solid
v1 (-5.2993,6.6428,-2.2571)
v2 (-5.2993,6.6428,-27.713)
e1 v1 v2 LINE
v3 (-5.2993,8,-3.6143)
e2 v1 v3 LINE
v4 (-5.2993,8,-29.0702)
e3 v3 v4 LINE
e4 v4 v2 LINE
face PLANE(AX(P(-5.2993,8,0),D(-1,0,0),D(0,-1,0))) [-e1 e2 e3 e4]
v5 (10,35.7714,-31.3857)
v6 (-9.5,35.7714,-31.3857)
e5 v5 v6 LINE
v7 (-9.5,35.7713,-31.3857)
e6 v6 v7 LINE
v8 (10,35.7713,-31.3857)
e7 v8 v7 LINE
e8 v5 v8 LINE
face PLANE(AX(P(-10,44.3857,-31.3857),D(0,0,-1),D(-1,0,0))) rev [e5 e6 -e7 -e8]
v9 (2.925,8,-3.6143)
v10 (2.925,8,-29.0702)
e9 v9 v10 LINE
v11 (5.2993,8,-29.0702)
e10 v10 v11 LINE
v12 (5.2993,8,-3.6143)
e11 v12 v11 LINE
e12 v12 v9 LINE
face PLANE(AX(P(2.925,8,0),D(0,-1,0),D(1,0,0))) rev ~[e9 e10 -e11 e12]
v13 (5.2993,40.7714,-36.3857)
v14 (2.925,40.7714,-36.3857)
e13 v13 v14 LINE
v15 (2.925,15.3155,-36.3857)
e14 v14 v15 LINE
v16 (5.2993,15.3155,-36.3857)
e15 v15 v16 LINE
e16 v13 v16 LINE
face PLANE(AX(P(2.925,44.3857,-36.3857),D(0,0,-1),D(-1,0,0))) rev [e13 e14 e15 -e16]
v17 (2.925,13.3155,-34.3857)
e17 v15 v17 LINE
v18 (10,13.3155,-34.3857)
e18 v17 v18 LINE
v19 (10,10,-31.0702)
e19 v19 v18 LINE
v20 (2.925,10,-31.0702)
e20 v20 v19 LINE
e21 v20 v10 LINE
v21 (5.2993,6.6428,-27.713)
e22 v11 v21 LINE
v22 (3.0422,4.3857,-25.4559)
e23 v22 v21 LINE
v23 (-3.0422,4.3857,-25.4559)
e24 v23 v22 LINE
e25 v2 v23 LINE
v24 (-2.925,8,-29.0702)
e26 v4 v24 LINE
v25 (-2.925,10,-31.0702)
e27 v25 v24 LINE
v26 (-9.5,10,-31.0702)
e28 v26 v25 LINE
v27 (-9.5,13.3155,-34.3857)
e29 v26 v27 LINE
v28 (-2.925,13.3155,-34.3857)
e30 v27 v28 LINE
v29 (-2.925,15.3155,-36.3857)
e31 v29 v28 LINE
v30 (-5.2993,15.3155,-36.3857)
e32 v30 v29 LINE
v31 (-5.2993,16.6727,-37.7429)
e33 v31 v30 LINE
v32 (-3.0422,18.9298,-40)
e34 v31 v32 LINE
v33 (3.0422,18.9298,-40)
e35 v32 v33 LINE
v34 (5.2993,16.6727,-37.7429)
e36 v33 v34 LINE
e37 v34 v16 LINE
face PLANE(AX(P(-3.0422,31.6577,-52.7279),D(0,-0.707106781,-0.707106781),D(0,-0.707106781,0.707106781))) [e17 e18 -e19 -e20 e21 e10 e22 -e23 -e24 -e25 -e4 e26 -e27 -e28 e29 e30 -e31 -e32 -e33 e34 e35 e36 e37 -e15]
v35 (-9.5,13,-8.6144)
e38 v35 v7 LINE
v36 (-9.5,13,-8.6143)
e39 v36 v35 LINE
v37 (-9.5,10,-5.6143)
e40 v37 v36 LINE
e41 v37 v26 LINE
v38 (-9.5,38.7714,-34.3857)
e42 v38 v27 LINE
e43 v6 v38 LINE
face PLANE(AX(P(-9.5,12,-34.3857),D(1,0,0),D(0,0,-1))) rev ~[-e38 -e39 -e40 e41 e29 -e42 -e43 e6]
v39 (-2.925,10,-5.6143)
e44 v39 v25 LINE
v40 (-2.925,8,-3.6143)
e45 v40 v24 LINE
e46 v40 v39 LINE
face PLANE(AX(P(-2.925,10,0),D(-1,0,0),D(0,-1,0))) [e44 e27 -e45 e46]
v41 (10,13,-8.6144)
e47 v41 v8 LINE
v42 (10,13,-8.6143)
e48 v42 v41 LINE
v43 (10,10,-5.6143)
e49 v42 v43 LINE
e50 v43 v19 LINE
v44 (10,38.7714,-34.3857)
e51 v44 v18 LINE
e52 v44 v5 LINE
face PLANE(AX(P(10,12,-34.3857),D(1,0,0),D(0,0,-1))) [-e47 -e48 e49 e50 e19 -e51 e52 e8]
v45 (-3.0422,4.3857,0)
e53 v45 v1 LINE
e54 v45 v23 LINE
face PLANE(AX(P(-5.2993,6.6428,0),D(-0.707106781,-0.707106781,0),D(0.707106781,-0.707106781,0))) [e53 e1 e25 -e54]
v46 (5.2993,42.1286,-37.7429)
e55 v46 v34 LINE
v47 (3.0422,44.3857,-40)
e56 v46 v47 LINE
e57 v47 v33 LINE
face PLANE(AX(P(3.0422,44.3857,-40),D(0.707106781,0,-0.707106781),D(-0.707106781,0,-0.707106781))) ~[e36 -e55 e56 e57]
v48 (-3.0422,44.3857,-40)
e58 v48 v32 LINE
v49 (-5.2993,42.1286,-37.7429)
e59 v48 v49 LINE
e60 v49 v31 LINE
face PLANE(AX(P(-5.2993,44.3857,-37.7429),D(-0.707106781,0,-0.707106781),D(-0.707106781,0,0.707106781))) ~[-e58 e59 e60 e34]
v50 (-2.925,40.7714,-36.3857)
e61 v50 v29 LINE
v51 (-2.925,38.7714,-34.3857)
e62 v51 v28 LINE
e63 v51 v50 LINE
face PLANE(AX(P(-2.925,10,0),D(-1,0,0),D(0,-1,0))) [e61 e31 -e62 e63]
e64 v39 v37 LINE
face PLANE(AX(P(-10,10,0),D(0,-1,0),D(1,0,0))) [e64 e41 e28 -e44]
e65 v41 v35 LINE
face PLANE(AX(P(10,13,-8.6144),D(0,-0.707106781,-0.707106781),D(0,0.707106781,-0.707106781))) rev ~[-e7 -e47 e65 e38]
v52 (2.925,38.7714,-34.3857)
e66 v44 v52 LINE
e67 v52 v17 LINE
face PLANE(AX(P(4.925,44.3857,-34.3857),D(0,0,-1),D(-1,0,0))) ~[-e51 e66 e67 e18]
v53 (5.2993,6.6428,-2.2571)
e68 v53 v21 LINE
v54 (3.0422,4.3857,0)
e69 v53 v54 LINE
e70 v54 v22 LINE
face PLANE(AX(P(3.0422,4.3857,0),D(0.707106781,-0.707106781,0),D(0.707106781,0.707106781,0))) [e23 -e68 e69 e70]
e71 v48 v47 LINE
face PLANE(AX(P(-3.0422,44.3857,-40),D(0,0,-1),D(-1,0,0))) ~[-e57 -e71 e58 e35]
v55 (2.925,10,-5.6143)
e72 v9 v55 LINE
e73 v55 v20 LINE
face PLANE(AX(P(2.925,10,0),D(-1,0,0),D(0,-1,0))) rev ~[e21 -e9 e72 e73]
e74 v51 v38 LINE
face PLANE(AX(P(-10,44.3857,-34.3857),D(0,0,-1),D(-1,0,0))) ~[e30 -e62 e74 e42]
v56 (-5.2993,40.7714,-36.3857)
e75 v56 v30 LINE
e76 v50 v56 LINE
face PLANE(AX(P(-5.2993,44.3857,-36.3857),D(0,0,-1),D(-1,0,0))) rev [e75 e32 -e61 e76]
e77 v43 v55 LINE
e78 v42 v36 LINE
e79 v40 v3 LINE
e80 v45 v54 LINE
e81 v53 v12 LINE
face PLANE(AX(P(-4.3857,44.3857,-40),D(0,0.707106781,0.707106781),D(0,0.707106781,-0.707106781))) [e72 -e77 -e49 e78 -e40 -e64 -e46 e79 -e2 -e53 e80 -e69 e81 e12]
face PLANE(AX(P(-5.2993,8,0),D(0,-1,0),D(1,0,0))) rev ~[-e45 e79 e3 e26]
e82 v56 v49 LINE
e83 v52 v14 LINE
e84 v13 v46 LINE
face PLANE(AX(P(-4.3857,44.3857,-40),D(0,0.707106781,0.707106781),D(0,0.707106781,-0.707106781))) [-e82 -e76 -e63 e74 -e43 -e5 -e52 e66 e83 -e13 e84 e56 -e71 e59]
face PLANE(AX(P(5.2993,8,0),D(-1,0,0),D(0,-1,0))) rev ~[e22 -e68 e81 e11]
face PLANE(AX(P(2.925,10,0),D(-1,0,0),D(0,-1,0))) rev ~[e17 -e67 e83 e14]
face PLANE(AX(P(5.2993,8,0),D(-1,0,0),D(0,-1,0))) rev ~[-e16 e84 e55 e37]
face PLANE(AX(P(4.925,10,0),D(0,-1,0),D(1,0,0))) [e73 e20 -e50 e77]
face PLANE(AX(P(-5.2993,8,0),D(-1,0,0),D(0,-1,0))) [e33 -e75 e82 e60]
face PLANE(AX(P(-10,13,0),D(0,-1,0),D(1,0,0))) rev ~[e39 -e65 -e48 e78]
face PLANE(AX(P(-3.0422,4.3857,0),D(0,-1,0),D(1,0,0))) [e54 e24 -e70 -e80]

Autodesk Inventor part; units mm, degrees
sketch "Szkic2" plane through (0, 0, 0) normal (0, 0, 1) x (1, 0, 0)
  circle A0 centre (0, 0) radius 2.1
  line L0 (-10, 10) -> (10, 10)
  line L1 (10, 10) -> (10, -10)
  line L2 (10, -10) -> (-10, -10)
  line L3 (-10, -10) -> (-10, 10)
  line L4 (-10, -10) -> (10, 10) construction
  line L5 (10, -10) -> (-10, 10) construction
  line L6 (-10, 8.2) -> (10, 8.2)
  line L7 (-10, -8.2) -> (10, -8.2)
  line L8 (-8.2, 10) -> (-8.2, -10)
  line L9 (10, 10) -> (30, 10)
  line L10 (30, 10) -> (30, -10)
  line L11 (30, -10) -> (10, -10)
  line L12 (10, -10) -> (10, 10)
  line L13 (-4.1857, -4.1857) -> (4.1857, -4.1857)
  line L14 (4.1857, -4.1857) -> (4.1857, 4.1857)
  line L15 (4.1857, 4.1857) -> (-4.1857, 4.1857)
  line L16 (-4.1857, 4.1857) -> (-4.1857, -4.1857)
  line L17 (-8.2, 7.1393) -> (-4.1857, 3.125)
  line L18 (-7.1393, 8.2) -> (-3.125, 4.1857)
  line L19 (-4.925, 10) -> (-3.125, 8.2)
  line L20 (4.925, 10) -> (3.125, 8.2)
  line L21 (-3.125, -8.2) -> (-4.925, -10)
  line L22 (3.125, -8.2) -> (4.925, -10)
  line L23 (-8.2, -7.1393) -> (-4.1857, -3.125)
  line L24 (-7.1393, -8.2) -> (-3.125, -4.1857)
  line L25 (3.125, -4.1857) -> (7.1393, -8.2)
  line L26 (4.1857, -3.125) -> (7.3007, -6.24)
  line L27 (4.1857, 3.125) -> (7.3007, 6.24)
  line L28 (3.125, 4.1857) -> (7.1393, 8.2)
  line L29 (-5.4993, 8.2) -> (-5.4993, 6.56)
  line L30 (5.4993, 8.2) -> (5.4993, 6.56)
  line L31 (-8.2, 5.4993) -> (-6.56, 5.4993)
  line L32 (-8.2, -5.4993) -> (-6.56, -5.4993)
  line L33 (-5.4993, -6.56) -> (-5.4993, -8.2)
  line L34 (5.4993, -6.56) -> (5.4993, -8.2)
  line L35 (-8.2, 3.125) -> (-10, 4.925)
  line L36 (-8.2, -3.125) -> (-10, -4.925)
  line L37 (7.3007, 6.24) -> (7.3007, 8.2)
  line L38 (7.3007, -6.24) -> (7.3007, -8.2)
  line L39 (15.8143, -4.1857) -> (15.8143, 4.1857)
  line L40 (24.1857, -4.1857) -> (15.8143, -4.1857)
  line L41 (23.125, -8.2) -> (24.925, -10)
  line L42 (30, -8.2) -> (10, -8.2)
  line L43 (30, 8.2) -> (10, 8.2)
  line L44 (28.2, 10) -> (28.2, -10)
  line L45 (15.8143, -3.125) -> (12.6993, -6.24)
  line L46 (27.1393, -8.2) -> (23.125, -4.1857)
  line L47 (12.6993, -6.24) -> (12.6993, -8.2)
  line L48 (16.875, -8.2) -> (15.075, -10)
  circle A1 centre (20, 0) radius 2.1
  line L49 (24.925, 10) -> (23.125, 8.2)
  line L50 (27.1393, 8.2) -> (23.125, 4.1857)
  line L51 (28.2, 7.1393) -> (24.1857, 3.125)
  line L52 (28.2, 5.4993) -> (26.56, 5.4993)
  line L53 (28.2, 3.125) -> (30, 4.925)
  line L54 (15.8143, 4.1857) -> (24.1857, 4.1857)
  line L55 (15.075, 10) -> (16.875, 8.2)
  line L56 (14.5007, 8.2) -> (14.5007, 6.56)
  line L57 (16.875, 4.1857) -> (12.8607, 8.2)
  line L58 (12.6993, 6.24) -> (12.6993, 8.2)
  line L59 (15.8143, 3.125) -> (12.6993, 6.24)
  line L60 (24.1857, 4.1857) -> (24.1857, -4.1857)
  line L61 (28.2, -7.1393) -> (24.1857, -3.125)
  line L62 (28.2, -5.4993) -> (26.56, -5.4993)
  line L63 (25.4993, -6.56) -> (25.4993, -8.2)
  line L64 (28.2, -3.125) -> (30, -4.925)
  line L65 (14.5007, -6.56) -> (14.5007, -8.2)
  line L66 (16.875, -4.1857) -> (12.8607, -8.2)
  line L67 (-13, 13) -> (33, 13)
  line L68 (33, 13) -> (33, -13)
  line L69 (33, -13) -> (-13, -13)
  line L70 (-13, -13) -> (-13, 13)
  line L71 (-10, -8.2) -> (-13, -8.2)
  line L72 (30, -8.2) -> (33, -8.2)
  line L73 (-3.125, 8.2) -> (-3.125, 10)
  line L74 (3.125, 8.2) -> (3.125, 10)
  line L75 (-8.2, 3.125) -> (-10, 3.125)
  line L76 (-8.2, -3.125) -> (-10, -3.125)
  line L77 (-3.125, -8.2) -> (-3.125, -10)
  line L78 (3.125, -8.2) -> (3.125, -10)
  line L79 (16.875, -8.2) -> (16.875, -10)
  line L80 (23.125, -8.2) -> (23.125, -10)
  line L81 (28.2, -3.125) -> (30, -3.125)
  line L82 (28.2, 3.125) -> (30, 3.125)
  line L83 (23.125, 8.2) -> (23.125, 10)
  line L84 (16.875, 8.2) -> (16.875, 10)
  line L85 (-10, 10) -> (-10, 13)
  line L86 (10, 10) -> (10, 13)
  line L87 (-5.2993, 8.2) -> (-5.2993, 6.56)
  line L88 (-6.9979, 8.3414) -> (-2.9836, 4.3271)
  line L89 (-4.3857, 4.3857) -> (4.3857, 4.3857)
  line L90 (4.3857, 4.3857) -> (4.3857, -4.3857)
  line L91 (4.3857, -4.3857) -> (-4.3857, -4.3857)
  line L92 (-4.3857, -4.3857) -> (-4.3857, 4.3857)
  line L93 (2.9836, 4.3271) -> (6.9979, 8.3414)
  line L94 (5.2993, 8.2) -> (5.2993, 6.56)
  line L95 (-10, 8) -> (10, 8)
  line L96 (10, 8) -> (30, 8)
  line L97 (2.925, 10) -> (2.925, 7.7172)
  line L98 (2.925, 7.7172) -> (5.0664, 9.8586)
  line L99 (-2.925, 10) -> (-2.925, 7.7172)
  line L100 (-2.925, 7.7172) -> (-5.0664, 9.8586)
  point P0 (0, 0)
  point P1 (0, -8.2)
  point P2 (0, 0)
  point P3 (-2.925, 8)
  point P4 (-5.2993, 8)
  point P5 (-5.2993, 6.6428)
  point P6 (-3.0422, 4.3857)
  point P7 (3.0422, 4.3857)
  point P8 (5.2993, 6.6428)
  point P9 (5.2993, 8)
  point P10 (2.925, 8)
  dimension "d2" = 4.2
  dimension "d3" = 20
  dimension "d4" = 1.8
  dimension "d5" = 20
  dimension "d6" = 20
  dimension "d7" = 1.8
  dimension "d8" = 1.8
  dimension "d9" = 1.5
  dimension "d10" = 0.75
  dimension "d11" = 135
  dimension "d12" = 6.25
  dimension "d13" = 3.125
  dimension "d14" = 1.5
  dimension "d15" = 1.5
  dimension "d16" = 1.5
  dimension "d17" = 0.75
  dimension "d18" = 0.75
  dimension "d19" = 0.75
  dimension "d20" = 1.64
  dimension "d21" = 1.64
  dimension "d22" = 1.64
  dimension "d23" = 1.64
  dimension "d24" = 1.64
  dimension "d25" = 1.64
  dimension "d26" = 45
  dimension "d27" = 1.96
  dimension "d28" = 1.96
  dimension "d29" = 3
  dimension "d30" = 3
  dimension "d31" = 3
  dimension "d32" = 3
  dimension "d49" = 0.2
  dimension "d50" = 0.2
  dimension "d51" = 0.2
  dimension "d52" = 0.2
  dimension "d53" = 0.2
  dimension "d54" = 0.2
  dimension "d55" = 0.2
  dimension "d56" = 0.2
extrude "Wyciągnięcie proste2" add sketch "Szkic2" against normal blind 40 contours L85 L67 L86 L0 | L0 L97 L6 L99 | L6 L97 L95 L99 | L100 L99 L95 L97 L98 L94 L93 L89 L88 L87 | L95 L99 L100 | L95 L98 L97
ref_plane "Płaszczyzna konstrukcyjna2" through (-4.3857, 4.3857, -40) normal (0, -0.7071, 0.7071) x (-1, 0, 0)
split "Podział1" plane through (-4.3857, 4.3857, -40) removes the side toward (0, 0.7071, -0.7071)
mirror "Odbij1" about plane through (-4.3857, 4.3857, -40) normal (0, -0.7071, 0.7071)
fillet "Zaokrąglenie1" radius 2 2 edges at (6.4625, 10, -34.3857) (-6.4625, 10, -34.3857)
sketch "Szkic7" plane through (-10, 12, -34.3857) normal (-1, 0, 0) x (0, 0, 1)
  line L0 (34.3857, -2) -> (2, -2) projected
  line L1 (34.3857, 1) -> (34.3857, -2) projected
  line L2 (34.3857, 1) -> (3, 1) projected
  arc A0 (0, 0) -> (2, -2) centre (2, 0) ccw projected
  line L3 (3, 32.3857) -> (3, 1) projected
  line L4 (3, 32.3857) -> (0, 32.3857) projected
  line L5 (0, 32.3857) -> (0, 0) projected
  point P0 (34.3857, -12)
extrude "Wyciągnięcie proste5" cut sketch "Szkic7" against normal blind 0.5
ref_plane "Płaszczyzna konstrukcyjna6" through (-4.3857, 44.3857, -40) normal (0, -0.7071, -0.7071) x (1, 0, 0)
split "Podział3" plane through (-4.3857, 44.3857, -40) removes the side toward (0, 0.7071, 0.7071)
sketch "Szkic8" plane through (10, 12, -34.3857) normal (1, 0, 0) x (0, 0, -1)
  line L0 (-25.7713, 1) -> (-28.7713, -2) projected
  line L1 (-28.7713, -2) -> (-2, -2) projected
  arc A0 (-2, -2) -> (0, 0) centre (-2, 0) ccw projected
  line L2 (0, 26.7713) -> (0, 0) projected
  line L3 (0, 26.7713) -> (-3, 23.7713) projected
  line L4 (-3, 23.7713) -> (-3, 1) projected
  line L5 (-25.7713, 1) -> (-3, 1) projected
  line L6 (-3, 23.7713) -> (-3, 1) projected
  line L7 (-25.7713, 1) -> (-3, 23.7713)
  point P0 (-34.3857, -12)
extrude "Wyciągnięcie proste6" add sketch "Szkic8" against normal up to surface (19.5 mm away) contours L7 L4 L5
fillet "Zaokrąglenie3" radius 2 1 edges at (0, 4.3857, -40)
ref_plane "Work Plane7" through (-3.0422, 31.6577, -52.7279) normal (0, 0.7071, 0.7071) x (1, 0, 0)
split "Split4" plane through (-3.0422, 31.6577, -52.7279) removes the side toward (0, -0.7071, -0.7071)
properties part number "Kątownik"
